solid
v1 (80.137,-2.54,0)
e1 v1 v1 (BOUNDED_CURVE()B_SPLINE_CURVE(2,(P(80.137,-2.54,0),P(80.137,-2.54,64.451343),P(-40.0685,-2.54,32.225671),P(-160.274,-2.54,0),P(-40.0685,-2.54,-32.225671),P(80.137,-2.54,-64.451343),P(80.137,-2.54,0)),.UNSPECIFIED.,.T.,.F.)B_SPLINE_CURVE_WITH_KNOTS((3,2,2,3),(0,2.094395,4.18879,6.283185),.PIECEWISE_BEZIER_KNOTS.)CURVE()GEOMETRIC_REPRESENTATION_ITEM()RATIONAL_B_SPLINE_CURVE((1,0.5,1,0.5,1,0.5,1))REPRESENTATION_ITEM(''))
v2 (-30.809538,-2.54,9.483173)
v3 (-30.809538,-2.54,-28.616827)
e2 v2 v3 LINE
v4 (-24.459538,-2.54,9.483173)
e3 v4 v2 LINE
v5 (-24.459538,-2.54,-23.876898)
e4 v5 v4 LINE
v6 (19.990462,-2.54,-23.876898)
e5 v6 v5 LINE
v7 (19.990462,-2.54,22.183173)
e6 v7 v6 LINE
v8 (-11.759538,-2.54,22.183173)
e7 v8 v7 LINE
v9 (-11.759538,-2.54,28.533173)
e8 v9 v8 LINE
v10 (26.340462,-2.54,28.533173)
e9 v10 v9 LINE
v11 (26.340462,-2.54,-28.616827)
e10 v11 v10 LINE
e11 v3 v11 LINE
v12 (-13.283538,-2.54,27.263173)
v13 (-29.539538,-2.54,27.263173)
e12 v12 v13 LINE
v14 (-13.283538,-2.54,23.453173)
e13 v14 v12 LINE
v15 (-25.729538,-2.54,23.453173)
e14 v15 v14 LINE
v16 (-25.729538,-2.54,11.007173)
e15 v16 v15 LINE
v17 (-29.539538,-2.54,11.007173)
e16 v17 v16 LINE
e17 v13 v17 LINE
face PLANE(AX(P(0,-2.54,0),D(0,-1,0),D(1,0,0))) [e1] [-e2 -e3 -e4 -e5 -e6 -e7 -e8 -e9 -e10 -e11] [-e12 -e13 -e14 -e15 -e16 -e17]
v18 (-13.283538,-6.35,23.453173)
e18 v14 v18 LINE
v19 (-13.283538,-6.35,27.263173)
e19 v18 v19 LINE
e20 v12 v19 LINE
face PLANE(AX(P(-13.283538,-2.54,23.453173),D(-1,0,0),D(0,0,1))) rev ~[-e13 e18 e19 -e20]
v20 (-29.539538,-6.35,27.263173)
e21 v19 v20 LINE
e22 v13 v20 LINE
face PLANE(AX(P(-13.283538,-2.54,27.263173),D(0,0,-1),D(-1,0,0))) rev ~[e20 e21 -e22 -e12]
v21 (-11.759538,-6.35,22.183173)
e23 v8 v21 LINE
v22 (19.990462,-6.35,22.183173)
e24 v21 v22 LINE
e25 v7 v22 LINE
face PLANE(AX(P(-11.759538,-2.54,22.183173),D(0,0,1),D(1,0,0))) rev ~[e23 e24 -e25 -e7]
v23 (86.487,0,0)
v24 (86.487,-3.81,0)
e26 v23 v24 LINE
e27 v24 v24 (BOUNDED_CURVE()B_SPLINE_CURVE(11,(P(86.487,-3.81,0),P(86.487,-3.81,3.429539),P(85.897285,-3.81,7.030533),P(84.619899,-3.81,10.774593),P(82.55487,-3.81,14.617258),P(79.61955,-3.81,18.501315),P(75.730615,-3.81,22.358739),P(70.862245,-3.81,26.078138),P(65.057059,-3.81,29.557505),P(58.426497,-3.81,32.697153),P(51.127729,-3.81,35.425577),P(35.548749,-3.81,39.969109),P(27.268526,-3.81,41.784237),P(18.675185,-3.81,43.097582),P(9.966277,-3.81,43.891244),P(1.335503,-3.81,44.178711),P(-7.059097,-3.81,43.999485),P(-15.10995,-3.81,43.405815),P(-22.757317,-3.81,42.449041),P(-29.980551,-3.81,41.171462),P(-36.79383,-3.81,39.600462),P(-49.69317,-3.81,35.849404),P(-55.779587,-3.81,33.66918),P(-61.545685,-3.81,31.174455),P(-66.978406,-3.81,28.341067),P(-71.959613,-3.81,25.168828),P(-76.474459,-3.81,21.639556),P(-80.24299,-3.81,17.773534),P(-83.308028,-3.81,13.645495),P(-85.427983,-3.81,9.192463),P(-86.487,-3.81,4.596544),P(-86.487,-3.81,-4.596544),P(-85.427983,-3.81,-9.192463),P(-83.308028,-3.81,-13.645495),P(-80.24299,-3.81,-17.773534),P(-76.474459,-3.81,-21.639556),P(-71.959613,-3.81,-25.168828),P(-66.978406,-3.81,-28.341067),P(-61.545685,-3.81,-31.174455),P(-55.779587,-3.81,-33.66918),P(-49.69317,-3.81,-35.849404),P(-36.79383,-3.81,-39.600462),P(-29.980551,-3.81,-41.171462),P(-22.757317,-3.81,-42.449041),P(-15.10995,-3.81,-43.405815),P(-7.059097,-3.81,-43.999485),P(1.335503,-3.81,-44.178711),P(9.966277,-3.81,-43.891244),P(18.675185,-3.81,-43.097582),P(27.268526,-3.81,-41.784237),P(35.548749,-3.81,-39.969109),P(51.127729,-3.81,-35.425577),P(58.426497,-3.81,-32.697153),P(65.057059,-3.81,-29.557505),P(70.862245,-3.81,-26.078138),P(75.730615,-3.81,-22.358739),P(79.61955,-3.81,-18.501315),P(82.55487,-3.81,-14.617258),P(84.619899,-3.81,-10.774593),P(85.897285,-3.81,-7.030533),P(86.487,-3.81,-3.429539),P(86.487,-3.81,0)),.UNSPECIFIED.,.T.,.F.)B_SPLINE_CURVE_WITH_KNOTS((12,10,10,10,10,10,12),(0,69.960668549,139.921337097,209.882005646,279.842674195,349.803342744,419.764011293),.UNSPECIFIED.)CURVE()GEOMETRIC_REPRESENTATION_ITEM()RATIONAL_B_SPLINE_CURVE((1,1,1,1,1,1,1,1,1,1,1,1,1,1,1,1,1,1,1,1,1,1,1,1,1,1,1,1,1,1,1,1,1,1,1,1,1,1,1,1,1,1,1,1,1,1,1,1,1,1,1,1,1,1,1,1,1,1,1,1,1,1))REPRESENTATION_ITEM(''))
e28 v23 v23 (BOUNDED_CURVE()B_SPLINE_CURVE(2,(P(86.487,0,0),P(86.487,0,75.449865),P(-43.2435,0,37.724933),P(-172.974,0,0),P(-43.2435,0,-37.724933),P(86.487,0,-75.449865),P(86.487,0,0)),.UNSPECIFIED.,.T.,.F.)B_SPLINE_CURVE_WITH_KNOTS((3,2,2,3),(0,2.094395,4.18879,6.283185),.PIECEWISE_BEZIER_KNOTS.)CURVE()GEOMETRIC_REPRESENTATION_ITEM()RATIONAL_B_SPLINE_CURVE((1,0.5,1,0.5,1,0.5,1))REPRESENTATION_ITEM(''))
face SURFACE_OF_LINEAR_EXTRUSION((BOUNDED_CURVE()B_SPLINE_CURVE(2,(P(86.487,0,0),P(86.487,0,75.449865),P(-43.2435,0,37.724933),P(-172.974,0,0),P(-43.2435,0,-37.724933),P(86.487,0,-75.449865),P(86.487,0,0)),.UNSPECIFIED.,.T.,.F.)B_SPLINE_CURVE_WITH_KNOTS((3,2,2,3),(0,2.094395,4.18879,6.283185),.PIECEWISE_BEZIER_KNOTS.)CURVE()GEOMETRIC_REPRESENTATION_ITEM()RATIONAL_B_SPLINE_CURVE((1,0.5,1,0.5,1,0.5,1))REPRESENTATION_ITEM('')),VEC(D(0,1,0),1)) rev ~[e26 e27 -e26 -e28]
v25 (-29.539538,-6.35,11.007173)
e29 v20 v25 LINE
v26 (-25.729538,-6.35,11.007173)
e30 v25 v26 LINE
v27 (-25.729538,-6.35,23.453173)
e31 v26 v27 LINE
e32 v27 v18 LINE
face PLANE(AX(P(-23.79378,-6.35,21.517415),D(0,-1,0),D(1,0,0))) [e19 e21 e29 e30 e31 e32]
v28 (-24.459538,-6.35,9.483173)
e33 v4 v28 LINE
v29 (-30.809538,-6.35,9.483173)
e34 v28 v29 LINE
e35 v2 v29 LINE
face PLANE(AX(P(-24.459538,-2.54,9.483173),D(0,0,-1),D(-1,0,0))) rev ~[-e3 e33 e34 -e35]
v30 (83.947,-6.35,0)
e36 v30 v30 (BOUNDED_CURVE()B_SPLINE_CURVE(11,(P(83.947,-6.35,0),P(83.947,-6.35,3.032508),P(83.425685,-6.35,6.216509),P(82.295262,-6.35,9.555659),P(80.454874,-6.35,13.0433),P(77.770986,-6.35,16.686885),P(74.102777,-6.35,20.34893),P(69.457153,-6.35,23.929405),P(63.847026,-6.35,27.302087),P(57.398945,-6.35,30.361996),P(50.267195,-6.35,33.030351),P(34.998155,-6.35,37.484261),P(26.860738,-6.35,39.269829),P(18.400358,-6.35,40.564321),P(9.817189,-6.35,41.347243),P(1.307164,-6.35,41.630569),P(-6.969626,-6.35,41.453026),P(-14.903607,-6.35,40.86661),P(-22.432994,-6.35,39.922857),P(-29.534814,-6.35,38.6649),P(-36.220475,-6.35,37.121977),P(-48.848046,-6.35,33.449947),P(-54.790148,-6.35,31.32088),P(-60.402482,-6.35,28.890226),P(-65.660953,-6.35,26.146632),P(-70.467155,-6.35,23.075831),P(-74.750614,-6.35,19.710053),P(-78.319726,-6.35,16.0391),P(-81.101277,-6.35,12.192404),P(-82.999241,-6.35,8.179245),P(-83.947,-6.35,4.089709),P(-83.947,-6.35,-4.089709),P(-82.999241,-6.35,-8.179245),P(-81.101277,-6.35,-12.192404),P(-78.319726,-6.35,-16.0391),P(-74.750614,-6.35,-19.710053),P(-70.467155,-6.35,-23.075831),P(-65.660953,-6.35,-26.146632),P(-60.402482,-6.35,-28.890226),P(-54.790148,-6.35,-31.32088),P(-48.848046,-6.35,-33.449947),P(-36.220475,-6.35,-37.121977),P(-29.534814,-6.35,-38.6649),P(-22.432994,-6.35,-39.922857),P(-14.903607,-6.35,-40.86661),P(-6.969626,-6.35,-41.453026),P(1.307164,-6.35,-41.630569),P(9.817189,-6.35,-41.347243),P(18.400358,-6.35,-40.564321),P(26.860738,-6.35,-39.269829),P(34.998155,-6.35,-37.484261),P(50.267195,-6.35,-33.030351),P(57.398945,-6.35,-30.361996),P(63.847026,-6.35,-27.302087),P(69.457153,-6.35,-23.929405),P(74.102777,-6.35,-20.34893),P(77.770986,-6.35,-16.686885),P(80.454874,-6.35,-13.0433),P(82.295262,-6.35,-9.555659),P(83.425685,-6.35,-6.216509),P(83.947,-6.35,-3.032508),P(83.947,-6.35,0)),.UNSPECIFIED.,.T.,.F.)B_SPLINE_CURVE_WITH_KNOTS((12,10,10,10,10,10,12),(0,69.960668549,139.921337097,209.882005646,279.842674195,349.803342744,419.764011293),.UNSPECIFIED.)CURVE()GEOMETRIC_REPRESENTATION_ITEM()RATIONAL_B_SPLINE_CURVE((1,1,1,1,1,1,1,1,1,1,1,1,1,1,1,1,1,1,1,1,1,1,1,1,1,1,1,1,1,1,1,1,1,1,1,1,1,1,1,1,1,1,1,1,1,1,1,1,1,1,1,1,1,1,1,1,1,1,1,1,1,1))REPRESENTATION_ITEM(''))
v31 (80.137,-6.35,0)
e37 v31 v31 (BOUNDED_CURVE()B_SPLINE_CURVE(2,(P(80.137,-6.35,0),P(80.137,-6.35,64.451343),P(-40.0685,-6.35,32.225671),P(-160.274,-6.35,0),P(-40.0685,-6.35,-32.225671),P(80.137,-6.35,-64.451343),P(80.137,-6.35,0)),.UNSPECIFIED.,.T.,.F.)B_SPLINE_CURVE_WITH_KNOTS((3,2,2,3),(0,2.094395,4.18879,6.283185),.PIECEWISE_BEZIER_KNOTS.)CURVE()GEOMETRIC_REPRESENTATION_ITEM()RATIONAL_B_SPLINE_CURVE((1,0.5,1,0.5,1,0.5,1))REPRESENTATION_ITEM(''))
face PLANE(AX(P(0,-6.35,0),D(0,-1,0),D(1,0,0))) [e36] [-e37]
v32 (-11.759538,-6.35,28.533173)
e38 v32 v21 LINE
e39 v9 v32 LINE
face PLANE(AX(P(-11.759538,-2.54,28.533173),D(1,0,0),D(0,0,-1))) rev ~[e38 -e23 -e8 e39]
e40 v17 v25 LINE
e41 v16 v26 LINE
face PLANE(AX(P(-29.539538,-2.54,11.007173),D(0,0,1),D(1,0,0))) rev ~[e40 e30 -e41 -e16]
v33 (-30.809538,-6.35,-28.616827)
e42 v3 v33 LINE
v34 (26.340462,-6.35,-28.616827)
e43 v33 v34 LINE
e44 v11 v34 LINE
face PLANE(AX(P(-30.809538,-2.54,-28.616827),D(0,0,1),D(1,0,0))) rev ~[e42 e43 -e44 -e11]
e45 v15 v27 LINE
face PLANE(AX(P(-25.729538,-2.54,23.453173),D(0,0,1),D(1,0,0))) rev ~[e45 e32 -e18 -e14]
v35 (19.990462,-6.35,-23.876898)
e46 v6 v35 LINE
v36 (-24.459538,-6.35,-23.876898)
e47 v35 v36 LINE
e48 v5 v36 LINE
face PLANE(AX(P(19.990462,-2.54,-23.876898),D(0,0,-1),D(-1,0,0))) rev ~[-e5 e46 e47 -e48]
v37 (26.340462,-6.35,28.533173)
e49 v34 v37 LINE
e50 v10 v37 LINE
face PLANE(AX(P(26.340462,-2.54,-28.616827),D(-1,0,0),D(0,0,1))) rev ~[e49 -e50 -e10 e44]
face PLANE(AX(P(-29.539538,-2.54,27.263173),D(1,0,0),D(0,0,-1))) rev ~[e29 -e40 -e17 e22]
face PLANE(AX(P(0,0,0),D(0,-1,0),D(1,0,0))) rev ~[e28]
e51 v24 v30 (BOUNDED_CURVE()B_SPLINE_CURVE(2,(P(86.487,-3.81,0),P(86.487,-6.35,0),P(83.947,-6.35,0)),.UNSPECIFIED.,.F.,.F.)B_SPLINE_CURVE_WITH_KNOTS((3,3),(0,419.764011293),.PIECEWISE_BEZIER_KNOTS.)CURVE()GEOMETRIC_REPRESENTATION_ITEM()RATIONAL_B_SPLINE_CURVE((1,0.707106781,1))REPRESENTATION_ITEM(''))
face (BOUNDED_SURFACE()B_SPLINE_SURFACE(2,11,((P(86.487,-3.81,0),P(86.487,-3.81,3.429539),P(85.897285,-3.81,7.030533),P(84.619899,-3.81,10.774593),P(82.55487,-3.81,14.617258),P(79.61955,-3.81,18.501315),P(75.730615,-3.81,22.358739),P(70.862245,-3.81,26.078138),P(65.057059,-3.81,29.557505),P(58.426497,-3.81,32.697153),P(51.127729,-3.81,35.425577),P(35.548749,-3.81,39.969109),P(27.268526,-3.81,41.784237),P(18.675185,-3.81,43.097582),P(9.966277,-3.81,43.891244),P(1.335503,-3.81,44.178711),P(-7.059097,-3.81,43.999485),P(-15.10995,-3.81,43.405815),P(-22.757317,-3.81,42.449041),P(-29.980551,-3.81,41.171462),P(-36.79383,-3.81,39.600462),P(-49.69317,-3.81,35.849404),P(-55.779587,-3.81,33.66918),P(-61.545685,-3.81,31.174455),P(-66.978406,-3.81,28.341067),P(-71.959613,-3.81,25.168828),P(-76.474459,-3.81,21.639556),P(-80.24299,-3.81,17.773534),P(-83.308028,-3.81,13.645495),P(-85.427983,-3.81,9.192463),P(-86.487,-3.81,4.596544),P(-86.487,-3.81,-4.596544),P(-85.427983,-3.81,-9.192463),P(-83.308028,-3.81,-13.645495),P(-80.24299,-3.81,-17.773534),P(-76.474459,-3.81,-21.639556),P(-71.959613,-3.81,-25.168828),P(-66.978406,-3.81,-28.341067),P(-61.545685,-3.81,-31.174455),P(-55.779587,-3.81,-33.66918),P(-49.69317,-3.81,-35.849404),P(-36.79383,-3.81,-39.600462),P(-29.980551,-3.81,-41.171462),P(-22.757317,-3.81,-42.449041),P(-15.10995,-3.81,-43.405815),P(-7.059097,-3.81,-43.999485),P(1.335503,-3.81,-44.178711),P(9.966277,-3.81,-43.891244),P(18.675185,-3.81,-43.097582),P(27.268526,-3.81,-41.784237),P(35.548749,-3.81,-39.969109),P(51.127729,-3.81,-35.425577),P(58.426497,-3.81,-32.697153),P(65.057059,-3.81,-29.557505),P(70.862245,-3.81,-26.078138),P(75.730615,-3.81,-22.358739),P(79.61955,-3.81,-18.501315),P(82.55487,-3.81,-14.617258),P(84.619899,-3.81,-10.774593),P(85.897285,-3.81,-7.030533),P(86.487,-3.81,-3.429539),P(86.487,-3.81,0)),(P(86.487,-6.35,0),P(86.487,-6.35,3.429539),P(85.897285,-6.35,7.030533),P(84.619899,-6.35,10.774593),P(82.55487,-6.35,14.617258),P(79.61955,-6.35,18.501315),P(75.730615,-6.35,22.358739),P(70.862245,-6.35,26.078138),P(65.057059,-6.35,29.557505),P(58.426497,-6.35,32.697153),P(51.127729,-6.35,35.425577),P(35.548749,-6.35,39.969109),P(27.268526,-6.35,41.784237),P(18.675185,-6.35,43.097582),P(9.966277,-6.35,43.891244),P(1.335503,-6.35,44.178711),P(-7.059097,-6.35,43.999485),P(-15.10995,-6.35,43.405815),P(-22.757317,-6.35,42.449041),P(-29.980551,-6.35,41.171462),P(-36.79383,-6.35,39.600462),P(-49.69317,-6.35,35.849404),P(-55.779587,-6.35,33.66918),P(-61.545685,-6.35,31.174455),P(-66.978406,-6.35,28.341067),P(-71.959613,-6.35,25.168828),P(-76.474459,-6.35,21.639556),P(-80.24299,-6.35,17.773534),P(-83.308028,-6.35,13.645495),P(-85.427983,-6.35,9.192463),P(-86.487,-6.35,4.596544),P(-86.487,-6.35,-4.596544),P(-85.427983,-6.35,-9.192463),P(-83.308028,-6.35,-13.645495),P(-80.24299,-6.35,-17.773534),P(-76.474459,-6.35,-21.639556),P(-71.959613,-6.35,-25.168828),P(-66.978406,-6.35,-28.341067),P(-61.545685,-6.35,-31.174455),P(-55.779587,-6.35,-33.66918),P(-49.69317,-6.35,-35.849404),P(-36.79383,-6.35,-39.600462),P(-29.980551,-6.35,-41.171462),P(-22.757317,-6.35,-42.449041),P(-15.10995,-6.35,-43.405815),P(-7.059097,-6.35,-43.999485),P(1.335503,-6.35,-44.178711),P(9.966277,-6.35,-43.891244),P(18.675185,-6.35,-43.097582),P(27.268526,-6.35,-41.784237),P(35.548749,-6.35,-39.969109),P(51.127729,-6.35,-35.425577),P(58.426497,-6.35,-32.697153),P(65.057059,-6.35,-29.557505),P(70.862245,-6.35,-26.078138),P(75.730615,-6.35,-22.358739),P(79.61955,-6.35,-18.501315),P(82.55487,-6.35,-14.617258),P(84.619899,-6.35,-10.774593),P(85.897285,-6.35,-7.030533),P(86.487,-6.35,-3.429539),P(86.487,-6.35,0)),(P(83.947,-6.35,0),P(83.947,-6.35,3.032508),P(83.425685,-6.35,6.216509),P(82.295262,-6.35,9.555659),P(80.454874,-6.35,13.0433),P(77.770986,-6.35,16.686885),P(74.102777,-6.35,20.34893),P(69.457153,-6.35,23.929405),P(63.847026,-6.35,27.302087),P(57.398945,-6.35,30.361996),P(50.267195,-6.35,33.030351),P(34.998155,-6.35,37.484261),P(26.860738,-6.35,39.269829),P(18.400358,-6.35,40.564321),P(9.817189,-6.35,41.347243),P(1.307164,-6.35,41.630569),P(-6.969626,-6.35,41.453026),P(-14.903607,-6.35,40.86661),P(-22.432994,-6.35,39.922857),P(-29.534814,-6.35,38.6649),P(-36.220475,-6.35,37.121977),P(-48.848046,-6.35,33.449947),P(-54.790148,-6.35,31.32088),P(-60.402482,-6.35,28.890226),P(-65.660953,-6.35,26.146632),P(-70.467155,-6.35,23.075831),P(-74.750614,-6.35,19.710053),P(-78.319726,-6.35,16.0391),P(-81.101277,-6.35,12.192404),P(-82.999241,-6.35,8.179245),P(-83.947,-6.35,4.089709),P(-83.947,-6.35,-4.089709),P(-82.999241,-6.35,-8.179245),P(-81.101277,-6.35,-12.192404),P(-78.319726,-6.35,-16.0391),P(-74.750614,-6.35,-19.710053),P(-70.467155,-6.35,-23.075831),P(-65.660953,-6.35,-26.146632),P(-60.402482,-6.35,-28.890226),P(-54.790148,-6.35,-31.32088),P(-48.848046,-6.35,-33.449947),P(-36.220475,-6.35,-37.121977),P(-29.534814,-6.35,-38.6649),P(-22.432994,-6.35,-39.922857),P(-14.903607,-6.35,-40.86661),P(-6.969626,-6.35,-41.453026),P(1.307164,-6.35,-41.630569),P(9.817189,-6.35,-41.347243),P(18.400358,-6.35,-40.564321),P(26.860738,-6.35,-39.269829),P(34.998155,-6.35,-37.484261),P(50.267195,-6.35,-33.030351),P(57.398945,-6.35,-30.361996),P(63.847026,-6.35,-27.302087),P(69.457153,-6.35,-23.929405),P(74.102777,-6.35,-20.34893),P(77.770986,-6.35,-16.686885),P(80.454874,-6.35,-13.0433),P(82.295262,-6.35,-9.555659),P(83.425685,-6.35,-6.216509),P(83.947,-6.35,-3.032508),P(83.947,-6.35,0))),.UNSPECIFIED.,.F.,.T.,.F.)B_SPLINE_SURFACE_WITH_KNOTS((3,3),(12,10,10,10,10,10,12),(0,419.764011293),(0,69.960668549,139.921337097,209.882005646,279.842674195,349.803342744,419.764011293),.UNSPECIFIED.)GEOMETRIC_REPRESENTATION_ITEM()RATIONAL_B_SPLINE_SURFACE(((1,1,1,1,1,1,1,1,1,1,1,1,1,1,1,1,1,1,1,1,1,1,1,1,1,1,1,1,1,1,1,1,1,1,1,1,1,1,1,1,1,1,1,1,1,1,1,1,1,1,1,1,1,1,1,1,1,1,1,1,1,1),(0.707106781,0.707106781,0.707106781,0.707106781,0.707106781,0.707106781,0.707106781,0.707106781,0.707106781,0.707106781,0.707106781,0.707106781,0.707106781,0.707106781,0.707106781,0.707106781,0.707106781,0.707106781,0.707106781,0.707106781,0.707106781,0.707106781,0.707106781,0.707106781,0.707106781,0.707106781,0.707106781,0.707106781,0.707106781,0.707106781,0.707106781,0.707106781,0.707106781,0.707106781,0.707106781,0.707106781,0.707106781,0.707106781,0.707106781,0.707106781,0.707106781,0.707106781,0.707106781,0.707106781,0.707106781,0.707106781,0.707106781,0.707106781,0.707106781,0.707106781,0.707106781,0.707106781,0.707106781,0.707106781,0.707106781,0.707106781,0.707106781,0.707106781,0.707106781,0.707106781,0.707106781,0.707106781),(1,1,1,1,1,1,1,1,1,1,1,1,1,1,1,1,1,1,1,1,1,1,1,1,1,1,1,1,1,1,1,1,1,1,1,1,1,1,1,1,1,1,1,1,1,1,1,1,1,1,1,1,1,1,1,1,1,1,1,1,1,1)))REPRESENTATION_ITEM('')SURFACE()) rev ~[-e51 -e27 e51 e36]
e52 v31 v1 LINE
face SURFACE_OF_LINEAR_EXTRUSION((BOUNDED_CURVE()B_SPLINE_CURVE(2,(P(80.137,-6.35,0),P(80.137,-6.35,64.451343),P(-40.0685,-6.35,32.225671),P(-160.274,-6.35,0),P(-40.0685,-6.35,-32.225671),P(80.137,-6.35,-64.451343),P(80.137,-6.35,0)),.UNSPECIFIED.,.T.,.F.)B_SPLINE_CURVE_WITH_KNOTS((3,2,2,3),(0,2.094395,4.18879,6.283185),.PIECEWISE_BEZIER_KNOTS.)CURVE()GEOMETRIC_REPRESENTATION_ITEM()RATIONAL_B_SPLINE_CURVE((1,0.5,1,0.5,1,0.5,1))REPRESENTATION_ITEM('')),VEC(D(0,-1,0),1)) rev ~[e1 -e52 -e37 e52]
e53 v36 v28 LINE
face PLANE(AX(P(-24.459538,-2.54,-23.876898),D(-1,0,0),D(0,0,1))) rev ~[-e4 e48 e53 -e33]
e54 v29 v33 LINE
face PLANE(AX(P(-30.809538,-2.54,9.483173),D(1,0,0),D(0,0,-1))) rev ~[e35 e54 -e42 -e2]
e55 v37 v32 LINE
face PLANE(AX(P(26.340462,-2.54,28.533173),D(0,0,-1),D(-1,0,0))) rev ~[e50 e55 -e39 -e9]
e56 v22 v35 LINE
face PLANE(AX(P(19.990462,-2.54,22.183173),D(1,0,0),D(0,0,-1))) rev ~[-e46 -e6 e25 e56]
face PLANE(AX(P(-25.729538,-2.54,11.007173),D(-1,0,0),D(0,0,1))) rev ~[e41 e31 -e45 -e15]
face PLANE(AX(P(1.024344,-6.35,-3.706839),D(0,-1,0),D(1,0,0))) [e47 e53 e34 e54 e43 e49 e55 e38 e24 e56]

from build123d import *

# Parameters (mm, degrees)
F1_DEPTH = 6.35
F3_DEPTH = 3.81
F5_DEPTH = 3.81
F6_R     = 2.54


with BuildPart() as f1:
    # F0 (on Front) → F1 (new body)
    with BuildSketch(Plane.XZ):
        with BuildLine():
            add(Edge.make_bspline(
                [(86.487, 0), (86.487, 75.449865), (-43.2435, 37.724933), (-172.974, 0), (-43.2435, -37.724933), (86.487, -75.449865), (86.487, 0)],
                knots=[0, 0, 0, 2.094395, 2.094395, 4.18879, 4.18879, 6.283185, 6.283185, 6.283185], degree=2, weights=[1, 0.5, 1, 0.5, 1, 0.5, 1]))
        make_face()
    extrude(amount=F1_DEPTH)

    # F2 (on face) → F3 (cut)
    with BuildSketch(Plane.XZ.offset(6.35)):
        with BuildLine():
            add(Edge.make_bspline(
                [(80.137, 0), (80.137, 64.451343), (-40.0685, 32.225671), (-160.274, 0), (-40.0685, -32.225671), (80.137, -64.451343), (80.137, 0)],
                knots=[0, 0, 0, 2.094395, 2.094395, 4.18879, 4.18879, 6.283185, 6.283185, 6.283185], degree=2, weights=[1, 0.5, 1, 0.5, 1, 0.5, 1]))
        make_face()
    extrude(amount=-F3_DEPTH, mode=Mode.SUBTRACT)

    # F4 (on face) → F5 (join)
    with BuildSketch(Plane.XZ.offset(2.54)):
        Polygon((-24.459538, 9.483173), (-30.809538, 9.483173), (-30.809538, -28.616827), (26.340462, -28.616827), (26.340462, 28.533173), (-11.759538, 28.533173), (-11.759538, 22.183173), (19.990462, 22.183173), (19.990462, -23.876898), (-24.459538, -23.876898), align=None)
        Polygon((-29.539538, 27.263173), (-29.539538, 11.007173), (-25.729538, 11.007173), (-25.729538, 23.453173), (-13.283538, 23.453173), (-13.283538, 27.263173), align=None)
    extrude(amount=F5_DEPTH)

    # F6
    f6_edges = [f1.edges().sort_by_distance(p)[0] for p in [
        (-86.487, -6.35, 1e-05),
    ]]
    fillet(f6_edges, radius=F6_R)


solid = f1.part
